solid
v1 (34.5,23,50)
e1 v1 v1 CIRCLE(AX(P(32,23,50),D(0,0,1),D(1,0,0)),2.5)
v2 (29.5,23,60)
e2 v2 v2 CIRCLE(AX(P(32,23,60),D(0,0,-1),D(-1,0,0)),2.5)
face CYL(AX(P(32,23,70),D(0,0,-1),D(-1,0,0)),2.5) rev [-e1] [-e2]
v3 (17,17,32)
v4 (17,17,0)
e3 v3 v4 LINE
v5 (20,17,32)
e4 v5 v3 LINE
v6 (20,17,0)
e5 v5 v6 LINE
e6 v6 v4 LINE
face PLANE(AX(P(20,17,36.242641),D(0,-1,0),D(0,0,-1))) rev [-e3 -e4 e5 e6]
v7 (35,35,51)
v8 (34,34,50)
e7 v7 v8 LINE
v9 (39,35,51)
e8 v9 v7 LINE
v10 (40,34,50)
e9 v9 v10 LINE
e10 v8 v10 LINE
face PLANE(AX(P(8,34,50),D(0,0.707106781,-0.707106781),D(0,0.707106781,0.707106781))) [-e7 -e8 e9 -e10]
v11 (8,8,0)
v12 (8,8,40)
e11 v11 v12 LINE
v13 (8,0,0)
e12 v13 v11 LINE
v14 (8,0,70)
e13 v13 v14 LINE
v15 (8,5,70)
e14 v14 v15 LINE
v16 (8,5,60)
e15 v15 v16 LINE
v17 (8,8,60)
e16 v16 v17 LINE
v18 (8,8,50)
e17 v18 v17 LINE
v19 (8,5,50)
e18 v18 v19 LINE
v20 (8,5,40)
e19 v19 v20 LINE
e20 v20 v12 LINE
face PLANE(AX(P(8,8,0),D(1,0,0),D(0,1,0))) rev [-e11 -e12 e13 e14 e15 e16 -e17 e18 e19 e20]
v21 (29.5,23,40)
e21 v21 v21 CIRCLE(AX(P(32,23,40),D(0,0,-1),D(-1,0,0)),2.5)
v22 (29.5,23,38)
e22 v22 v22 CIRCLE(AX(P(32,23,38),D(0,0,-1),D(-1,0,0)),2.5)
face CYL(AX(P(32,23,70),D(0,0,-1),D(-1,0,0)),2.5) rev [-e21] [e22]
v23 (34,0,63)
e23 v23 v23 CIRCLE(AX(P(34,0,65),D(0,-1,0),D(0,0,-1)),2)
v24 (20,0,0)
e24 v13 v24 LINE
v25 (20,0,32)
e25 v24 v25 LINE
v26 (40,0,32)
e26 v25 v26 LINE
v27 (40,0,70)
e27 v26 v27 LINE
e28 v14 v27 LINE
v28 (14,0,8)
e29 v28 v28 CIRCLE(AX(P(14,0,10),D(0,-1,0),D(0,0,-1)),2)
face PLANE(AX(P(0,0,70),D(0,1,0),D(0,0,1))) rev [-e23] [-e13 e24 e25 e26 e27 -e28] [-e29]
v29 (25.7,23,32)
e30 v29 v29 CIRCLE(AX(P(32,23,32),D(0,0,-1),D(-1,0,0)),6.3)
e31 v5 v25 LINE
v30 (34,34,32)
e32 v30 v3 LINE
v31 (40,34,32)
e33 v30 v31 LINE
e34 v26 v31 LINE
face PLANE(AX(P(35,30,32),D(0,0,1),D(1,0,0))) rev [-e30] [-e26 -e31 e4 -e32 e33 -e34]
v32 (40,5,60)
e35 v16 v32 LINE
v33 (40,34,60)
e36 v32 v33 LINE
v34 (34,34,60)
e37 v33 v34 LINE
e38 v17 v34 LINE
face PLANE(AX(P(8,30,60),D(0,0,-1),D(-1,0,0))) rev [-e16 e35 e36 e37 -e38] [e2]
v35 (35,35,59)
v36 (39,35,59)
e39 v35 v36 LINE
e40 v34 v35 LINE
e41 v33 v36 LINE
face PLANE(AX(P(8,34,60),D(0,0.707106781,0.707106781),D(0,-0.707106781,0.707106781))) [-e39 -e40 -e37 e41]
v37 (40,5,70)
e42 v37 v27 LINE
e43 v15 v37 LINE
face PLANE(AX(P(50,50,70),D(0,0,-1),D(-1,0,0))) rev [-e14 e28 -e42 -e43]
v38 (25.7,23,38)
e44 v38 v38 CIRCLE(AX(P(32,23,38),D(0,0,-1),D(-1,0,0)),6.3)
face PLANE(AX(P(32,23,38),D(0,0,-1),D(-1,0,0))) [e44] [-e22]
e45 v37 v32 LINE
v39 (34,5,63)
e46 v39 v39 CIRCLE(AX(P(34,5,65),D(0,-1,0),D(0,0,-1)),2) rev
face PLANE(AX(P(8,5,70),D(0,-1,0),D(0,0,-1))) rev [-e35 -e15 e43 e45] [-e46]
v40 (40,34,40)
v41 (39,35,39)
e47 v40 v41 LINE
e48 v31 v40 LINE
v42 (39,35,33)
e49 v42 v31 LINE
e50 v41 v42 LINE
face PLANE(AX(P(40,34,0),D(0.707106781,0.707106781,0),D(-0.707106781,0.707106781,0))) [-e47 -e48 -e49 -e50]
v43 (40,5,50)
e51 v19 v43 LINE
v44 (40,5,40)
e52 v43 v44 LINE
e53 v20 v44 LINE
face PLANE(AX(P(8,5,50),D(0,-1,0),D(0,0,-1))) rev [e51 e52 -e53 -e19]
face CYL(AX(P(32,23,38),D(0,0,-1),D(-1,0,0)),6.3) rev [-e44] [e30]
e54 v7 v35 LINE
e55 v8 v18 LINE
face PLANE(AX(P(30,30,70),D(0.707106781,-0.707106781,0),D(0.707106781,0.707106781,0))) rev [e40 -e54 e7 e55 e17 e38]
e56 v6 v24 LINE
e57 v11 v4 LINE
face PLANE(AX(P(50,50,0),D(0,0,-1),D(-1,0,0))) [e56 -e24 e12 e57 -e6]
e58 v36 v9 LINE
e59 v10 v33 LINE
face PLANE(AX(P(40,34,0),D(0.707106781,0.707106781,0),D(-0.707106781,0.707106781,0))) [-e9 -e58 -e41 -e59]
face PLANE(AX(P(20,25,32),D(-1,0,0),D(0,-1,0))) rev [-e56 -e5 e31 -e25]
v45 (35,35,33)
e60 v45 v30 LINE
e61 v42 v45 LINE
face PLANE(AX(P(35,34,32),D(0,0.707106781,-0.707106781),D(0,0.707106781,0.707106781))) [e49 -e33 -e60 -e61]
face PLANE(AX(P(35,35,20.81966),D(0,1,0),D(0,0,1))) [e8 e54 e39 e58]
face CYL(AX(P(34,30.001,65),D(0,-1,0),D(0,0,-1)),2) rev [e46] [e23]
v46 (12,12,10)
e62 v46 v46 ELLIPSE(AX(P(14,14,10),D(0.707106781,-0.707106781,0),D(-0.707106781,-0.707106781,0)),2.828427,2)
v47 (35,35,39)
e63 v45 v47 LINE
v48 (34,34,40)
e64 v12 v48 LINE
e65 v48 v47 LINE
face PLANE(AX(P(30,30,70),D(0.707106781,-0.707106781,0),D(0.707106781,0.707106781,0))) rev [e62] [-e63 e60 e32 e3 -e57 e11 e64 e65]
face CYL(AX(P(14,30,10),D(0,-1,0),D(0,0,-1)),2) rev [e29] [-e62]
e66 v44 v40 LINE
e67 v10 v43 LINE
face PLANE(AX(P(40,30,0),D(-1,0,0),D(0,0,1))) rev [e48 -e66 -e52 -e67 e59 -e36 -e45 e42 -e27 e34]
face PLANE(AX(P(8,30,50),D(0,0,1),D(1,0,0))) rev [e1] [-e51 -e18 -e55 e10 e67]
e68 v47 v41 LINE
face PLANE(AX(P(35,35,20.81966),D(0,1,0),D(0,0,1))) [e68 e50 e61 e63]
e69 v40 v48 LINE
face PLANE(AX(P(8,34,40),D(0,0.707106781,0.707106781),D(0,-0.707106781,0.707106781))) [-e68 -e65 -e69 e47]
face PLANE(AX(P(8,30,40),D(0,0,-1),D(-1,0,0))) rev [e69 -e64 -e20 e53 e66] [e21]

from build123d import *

# Parameters (mm, degrees)
EXTRUDE_1_DEPTH      = 70
SKETCH_3_W           = 10
SKETCH_3_H           = 30
CUT_EXTRUDE_2_DEPTH  = 92.104335791
CUT_EXTRUDE_3_DEPTH  = 87.02325267
SKETCH_5_W           = 10
SKETCH_5_H           = 25
CUT_EXTRUDE_4_DEPTH  = 83.607505712
SKETCH_8_W           = 32
SKETCH_8_H           = 25
CUT_EXTRUDE_5_DEPTH  = 27
CUT_EXTRUDE_6_DEPTH  = 81.802227692
SKETCH_10_R          = 6.3
CUT_EXTRUDE_7_DEPTH  = 6
SKETCH_11_R          = 2.5
CUT_EXTRUDE_8_DEPTH  = 63.801273872
SKETCH_12_R          = 2
CUT_EXTRUDE_9_DEPTH  = 87.02325267
CUT_EXTRUDE_10_REACH = 88.023
SKETCH_13_R          = 2
CUT_EXTRUDE_11_DEPTH = 10
SKETCH_15_W          = 12
SKETCH_15_H          = 32
EXTRUDE_2_DEPTH      = 20
CUT_EXTRUDE_12_DEPTH = 63.801273872
CUT_EXTRUDE_13_DEPTH = 32
SKETCH_18_W          = 20
SKETCH_18_H          = 32
CUT_EXTRUDE_14_DEPTH = 85.409715081
EXTRUDE_3_DEPTH      = 28
SKETCH_21_W          = 10
SKETCH_21_H          = 5
CUT_EXTRUDE_15_DEPTH = 85.551759296
CHAMFER_1_SIZE       = 1
CHAMFER_2_SIZE       = 1
SKETCH_22_R          = 2
CUT_EXTRUDE_16_DEPTH = 20


with BuildPart() as part:
    # 草图1 → 拉伸1 (new body)
    with BuildSketch(Plane.XY):
        Polygon((0, 0), (50, 0), (50, 30), (30, 30), align=None)
    extrude(amount=EXTRUDE_1_DEPTH)

    # 草图3 → 切除-拉伸2 (cut, through all)
    with BuildSketch(Plane.XY.offset(70)):
        with Locations((45, 15)):
            Rectangle(SKETCH_3_W, SKETCH_3_H)
    extrude(amount=-CUT_EXTRUDE_2_DEPTH, mode=Mode.SUBTRACT)

    # 草图4 → 切除-拉伸3 (cut, through all)
    with BuildSketch(Plane.XY.offset(70)):
        Polygon((0, 0), (8, 8), (8, 0), align=None)
    extrude(amount=-CUT_EXTRUDE_3_DEPTH, mode=Mode.SUBTRACT)

    # 草图5 → 切除-拉伸4 (cut, through all)
    with BuildSketch(Plane(origin=(40, 0, 0), x_dir=(0, 0, -1), z_dir=(1, 0, 0))):
        with Locations((-65, 17.5)):
            Rectangle(SKETCH_5_W, SKETCH_5_H)
        with Locations((-45, 17.5)):
            Rectangle(SKETCH_5_W, SKETCH_5_H)
    extrude(amount=-CUT_EXTRUDE_4_DEPTH, mode=Mode.SUBTRACT)

    # 草图8 → 切除-拉伸5 (cut)
    with BuildSketch(Plane.ZY.offset(-8)):
        with Locations((16, 17.5)):
            Rectangle(SKETCH_8_W, SKETCH_8_H)
    extrude(amount=-CUT_EXTRUDE_5_DEPTH, mode=Mode.SUBTRACT)

    # 草图9 → 切除-拉伸6 (cut, through all)
    with BuildSketch(Plane.ZY.offset(-35)):
        Polygon((0, 30), (32, 30), (0, 5), align=None)
    extrude(amount=-CUT_EXTRUDE_6_DEPTH, mode=Mode.SUBTRACT)

    # 草图10 → 切除-拉伸7 (cut)
    with BuildSketch(Plane(origin=(0, 0, 32), x_dir=(-1, 0, 0), z_dir=(0, 0, -1))):
        with Locations((-32, 23)):
            Circle(SKETCH_10_R)
    extrude(amount=-CUT_EXTRUDE_7_DEPTH, mode=Mode.SUBTRACT)

    # 草图11 → 切除-拉伸8 (cut, through all)
    with BuildSketch(Plane(origin=(0, 0, 38), x_dir=(-1, 0, 0), z_dir=(0, 0, -1))):
        with Locations((-32, 23)):
            Circle(SKETCH_11_R)
    extrude(amount=-CUT_EXTRUDE_8_DEPTH, mode=Mode.SUBTRACT)

    # 草图12 → 切除-拉伸9 (cut, through all)
    with BuildSketch(Plane.XZ):
        with Locations(Location((14, 10, 0), (0, 0, 270))):
            Circle(SKETCH_12_R)
    extrude(amount=-CUT_EXTRUDE_9_DEPTH, mode=Mode.SUBTRACT)

    # 草图13 → 切除-拉伸10 (cut, up to next)
    with BuildSketch(Plane.XZ, mode=Mode.PRIVATE) as cut_extrude_10_sk1:
        with Locations(Location((34, 65, 0), (0, 0, 270))):
            Circle(SKETCH_13_R)
    cut_extrude_10_tool1 = extrude(cut_extrude_10_sk1.sketch, amount=-CUT_EXTRUDE_10_REACH, mode=Mode.PRIVATE) & part.part
    add(cut_extrude_10_tool1.solids().sort_by_distance((34, 0, 65))[0], mode=Mode.SUBTRACT)

    # 草图14 → 切除-拉伸11 (cut)
    with BuildSketch(Plane.ZY.offset(-35)):
        Polygon((32, 30), (32, 5), (0, 5), align=None)
    extrude(amount=-CUT_EXTRUDE_11_DEPTH, mode=Mode.SUBTRACT)

    # 草图15 → 拉伸2 (add)
    with BuildSketch(Plane(origin=(0, 5, 0), x_dir=(-1, 0, 0), z_dir=(0, 1, 0))):
        with Locations((-14, 16)):
            Rectangle(SKETCH_15_W, SKETCH_15_H)
    extrude(amount=EXTRUDE_2_DEPTH)

    # 草图16 → 切除-拉伸12 (cut, through all)
    with BuildSketch(Plane.XY.offset(32)):
        Polygon((20, 25), (20, 20), (8, 8), (8, 25), align=None)
    extrude(amount=-CUT_EXTRUDE_12_DEPTH, mode=Mode.SUBTRACT)

    # 草图17 → 切除-拉伸13 (cut)
    with BuildSketch(Plane(origin=(0, 0, 0), x_dir=(-1, 0, 0), z_dir=(0, 0, -1))):
        Polygon((-20, 20), (-20, 17), (-17, 17), align=None)
    extrude(amount=-CUT_EXTRUDE_13_DEPTH, mode=Mode.SUBTRACT)

    # 草图18 → 切除-拉伸14 (cut, through all)
    with BuildSketch(Plane(origin=(0, 5, 0), x_dir=(-1, 0, 0), z_dir=(0, 1, 0))):
        with Locations((-30, 16)):
            Rectangle(SKETCH_18_W, SKETCH_18_H)
    extrude(amount=-CUT_EXTRUDE_14_DEPTH, mode=Mode.SUBTRACT)

    # 草图20 → 拉伸3 (add)
    with BuildSketch(Plane.XY.offset(60)):
        Polygon((30, 30), (35, 35), (40, 35), (40, 30), align=None)
    extrude(amount=-EXTRUDE_3_DEPTH)

    # 草图21 → 切除-拉伸15 (cut, through all)
    with BuildSketch(Plane(origin=(40, 0, 0), x_dir=(0, 0, -1), z_dir=(1, 0, 0))):
        with Locations((-45, 32.5)):
            Rectangle(SKETCH_21_W, SKETCH_21_H)
    extrude(amount=-CUT_EXTRUDE_15_DEPTH, mode=Mode.SUBTRACT)

    # 倒角1
    chamfer_1_edges = [part.edges().sort_by_distance(p)[0] for p in [
        (37.5, 35, 60),
        (37.5, 35, 32),
        (37.5, 35, 40),
        (37.5, 35, 50),
    ]]
    chamfer(chamfer_1_edges, length=CHAMFER_1_SIZE)

    # 倒角2
    chamfer_2_edges = [part.edges().sort_by_distance(p)[0] for p in [
        (40, 35, 36),
        (40, 35, 55),
    ]]
    chamfer(chamfer_2_edges, length=CHAMFER_2_SIZE)

    # 草图22 → 切除-拉伸16 (cut)
    with BuildSketch(Plane.XZ.offset(-5)):
        with Locations(Location((14, 10, 0), (0, 0, 270))):
            Circle(SKETCH_22_R)
    extrude(amount=-CUT_EXTRUDE_16_DEPTH, mode=Mode.SUBTRACT)


solid = part.part
